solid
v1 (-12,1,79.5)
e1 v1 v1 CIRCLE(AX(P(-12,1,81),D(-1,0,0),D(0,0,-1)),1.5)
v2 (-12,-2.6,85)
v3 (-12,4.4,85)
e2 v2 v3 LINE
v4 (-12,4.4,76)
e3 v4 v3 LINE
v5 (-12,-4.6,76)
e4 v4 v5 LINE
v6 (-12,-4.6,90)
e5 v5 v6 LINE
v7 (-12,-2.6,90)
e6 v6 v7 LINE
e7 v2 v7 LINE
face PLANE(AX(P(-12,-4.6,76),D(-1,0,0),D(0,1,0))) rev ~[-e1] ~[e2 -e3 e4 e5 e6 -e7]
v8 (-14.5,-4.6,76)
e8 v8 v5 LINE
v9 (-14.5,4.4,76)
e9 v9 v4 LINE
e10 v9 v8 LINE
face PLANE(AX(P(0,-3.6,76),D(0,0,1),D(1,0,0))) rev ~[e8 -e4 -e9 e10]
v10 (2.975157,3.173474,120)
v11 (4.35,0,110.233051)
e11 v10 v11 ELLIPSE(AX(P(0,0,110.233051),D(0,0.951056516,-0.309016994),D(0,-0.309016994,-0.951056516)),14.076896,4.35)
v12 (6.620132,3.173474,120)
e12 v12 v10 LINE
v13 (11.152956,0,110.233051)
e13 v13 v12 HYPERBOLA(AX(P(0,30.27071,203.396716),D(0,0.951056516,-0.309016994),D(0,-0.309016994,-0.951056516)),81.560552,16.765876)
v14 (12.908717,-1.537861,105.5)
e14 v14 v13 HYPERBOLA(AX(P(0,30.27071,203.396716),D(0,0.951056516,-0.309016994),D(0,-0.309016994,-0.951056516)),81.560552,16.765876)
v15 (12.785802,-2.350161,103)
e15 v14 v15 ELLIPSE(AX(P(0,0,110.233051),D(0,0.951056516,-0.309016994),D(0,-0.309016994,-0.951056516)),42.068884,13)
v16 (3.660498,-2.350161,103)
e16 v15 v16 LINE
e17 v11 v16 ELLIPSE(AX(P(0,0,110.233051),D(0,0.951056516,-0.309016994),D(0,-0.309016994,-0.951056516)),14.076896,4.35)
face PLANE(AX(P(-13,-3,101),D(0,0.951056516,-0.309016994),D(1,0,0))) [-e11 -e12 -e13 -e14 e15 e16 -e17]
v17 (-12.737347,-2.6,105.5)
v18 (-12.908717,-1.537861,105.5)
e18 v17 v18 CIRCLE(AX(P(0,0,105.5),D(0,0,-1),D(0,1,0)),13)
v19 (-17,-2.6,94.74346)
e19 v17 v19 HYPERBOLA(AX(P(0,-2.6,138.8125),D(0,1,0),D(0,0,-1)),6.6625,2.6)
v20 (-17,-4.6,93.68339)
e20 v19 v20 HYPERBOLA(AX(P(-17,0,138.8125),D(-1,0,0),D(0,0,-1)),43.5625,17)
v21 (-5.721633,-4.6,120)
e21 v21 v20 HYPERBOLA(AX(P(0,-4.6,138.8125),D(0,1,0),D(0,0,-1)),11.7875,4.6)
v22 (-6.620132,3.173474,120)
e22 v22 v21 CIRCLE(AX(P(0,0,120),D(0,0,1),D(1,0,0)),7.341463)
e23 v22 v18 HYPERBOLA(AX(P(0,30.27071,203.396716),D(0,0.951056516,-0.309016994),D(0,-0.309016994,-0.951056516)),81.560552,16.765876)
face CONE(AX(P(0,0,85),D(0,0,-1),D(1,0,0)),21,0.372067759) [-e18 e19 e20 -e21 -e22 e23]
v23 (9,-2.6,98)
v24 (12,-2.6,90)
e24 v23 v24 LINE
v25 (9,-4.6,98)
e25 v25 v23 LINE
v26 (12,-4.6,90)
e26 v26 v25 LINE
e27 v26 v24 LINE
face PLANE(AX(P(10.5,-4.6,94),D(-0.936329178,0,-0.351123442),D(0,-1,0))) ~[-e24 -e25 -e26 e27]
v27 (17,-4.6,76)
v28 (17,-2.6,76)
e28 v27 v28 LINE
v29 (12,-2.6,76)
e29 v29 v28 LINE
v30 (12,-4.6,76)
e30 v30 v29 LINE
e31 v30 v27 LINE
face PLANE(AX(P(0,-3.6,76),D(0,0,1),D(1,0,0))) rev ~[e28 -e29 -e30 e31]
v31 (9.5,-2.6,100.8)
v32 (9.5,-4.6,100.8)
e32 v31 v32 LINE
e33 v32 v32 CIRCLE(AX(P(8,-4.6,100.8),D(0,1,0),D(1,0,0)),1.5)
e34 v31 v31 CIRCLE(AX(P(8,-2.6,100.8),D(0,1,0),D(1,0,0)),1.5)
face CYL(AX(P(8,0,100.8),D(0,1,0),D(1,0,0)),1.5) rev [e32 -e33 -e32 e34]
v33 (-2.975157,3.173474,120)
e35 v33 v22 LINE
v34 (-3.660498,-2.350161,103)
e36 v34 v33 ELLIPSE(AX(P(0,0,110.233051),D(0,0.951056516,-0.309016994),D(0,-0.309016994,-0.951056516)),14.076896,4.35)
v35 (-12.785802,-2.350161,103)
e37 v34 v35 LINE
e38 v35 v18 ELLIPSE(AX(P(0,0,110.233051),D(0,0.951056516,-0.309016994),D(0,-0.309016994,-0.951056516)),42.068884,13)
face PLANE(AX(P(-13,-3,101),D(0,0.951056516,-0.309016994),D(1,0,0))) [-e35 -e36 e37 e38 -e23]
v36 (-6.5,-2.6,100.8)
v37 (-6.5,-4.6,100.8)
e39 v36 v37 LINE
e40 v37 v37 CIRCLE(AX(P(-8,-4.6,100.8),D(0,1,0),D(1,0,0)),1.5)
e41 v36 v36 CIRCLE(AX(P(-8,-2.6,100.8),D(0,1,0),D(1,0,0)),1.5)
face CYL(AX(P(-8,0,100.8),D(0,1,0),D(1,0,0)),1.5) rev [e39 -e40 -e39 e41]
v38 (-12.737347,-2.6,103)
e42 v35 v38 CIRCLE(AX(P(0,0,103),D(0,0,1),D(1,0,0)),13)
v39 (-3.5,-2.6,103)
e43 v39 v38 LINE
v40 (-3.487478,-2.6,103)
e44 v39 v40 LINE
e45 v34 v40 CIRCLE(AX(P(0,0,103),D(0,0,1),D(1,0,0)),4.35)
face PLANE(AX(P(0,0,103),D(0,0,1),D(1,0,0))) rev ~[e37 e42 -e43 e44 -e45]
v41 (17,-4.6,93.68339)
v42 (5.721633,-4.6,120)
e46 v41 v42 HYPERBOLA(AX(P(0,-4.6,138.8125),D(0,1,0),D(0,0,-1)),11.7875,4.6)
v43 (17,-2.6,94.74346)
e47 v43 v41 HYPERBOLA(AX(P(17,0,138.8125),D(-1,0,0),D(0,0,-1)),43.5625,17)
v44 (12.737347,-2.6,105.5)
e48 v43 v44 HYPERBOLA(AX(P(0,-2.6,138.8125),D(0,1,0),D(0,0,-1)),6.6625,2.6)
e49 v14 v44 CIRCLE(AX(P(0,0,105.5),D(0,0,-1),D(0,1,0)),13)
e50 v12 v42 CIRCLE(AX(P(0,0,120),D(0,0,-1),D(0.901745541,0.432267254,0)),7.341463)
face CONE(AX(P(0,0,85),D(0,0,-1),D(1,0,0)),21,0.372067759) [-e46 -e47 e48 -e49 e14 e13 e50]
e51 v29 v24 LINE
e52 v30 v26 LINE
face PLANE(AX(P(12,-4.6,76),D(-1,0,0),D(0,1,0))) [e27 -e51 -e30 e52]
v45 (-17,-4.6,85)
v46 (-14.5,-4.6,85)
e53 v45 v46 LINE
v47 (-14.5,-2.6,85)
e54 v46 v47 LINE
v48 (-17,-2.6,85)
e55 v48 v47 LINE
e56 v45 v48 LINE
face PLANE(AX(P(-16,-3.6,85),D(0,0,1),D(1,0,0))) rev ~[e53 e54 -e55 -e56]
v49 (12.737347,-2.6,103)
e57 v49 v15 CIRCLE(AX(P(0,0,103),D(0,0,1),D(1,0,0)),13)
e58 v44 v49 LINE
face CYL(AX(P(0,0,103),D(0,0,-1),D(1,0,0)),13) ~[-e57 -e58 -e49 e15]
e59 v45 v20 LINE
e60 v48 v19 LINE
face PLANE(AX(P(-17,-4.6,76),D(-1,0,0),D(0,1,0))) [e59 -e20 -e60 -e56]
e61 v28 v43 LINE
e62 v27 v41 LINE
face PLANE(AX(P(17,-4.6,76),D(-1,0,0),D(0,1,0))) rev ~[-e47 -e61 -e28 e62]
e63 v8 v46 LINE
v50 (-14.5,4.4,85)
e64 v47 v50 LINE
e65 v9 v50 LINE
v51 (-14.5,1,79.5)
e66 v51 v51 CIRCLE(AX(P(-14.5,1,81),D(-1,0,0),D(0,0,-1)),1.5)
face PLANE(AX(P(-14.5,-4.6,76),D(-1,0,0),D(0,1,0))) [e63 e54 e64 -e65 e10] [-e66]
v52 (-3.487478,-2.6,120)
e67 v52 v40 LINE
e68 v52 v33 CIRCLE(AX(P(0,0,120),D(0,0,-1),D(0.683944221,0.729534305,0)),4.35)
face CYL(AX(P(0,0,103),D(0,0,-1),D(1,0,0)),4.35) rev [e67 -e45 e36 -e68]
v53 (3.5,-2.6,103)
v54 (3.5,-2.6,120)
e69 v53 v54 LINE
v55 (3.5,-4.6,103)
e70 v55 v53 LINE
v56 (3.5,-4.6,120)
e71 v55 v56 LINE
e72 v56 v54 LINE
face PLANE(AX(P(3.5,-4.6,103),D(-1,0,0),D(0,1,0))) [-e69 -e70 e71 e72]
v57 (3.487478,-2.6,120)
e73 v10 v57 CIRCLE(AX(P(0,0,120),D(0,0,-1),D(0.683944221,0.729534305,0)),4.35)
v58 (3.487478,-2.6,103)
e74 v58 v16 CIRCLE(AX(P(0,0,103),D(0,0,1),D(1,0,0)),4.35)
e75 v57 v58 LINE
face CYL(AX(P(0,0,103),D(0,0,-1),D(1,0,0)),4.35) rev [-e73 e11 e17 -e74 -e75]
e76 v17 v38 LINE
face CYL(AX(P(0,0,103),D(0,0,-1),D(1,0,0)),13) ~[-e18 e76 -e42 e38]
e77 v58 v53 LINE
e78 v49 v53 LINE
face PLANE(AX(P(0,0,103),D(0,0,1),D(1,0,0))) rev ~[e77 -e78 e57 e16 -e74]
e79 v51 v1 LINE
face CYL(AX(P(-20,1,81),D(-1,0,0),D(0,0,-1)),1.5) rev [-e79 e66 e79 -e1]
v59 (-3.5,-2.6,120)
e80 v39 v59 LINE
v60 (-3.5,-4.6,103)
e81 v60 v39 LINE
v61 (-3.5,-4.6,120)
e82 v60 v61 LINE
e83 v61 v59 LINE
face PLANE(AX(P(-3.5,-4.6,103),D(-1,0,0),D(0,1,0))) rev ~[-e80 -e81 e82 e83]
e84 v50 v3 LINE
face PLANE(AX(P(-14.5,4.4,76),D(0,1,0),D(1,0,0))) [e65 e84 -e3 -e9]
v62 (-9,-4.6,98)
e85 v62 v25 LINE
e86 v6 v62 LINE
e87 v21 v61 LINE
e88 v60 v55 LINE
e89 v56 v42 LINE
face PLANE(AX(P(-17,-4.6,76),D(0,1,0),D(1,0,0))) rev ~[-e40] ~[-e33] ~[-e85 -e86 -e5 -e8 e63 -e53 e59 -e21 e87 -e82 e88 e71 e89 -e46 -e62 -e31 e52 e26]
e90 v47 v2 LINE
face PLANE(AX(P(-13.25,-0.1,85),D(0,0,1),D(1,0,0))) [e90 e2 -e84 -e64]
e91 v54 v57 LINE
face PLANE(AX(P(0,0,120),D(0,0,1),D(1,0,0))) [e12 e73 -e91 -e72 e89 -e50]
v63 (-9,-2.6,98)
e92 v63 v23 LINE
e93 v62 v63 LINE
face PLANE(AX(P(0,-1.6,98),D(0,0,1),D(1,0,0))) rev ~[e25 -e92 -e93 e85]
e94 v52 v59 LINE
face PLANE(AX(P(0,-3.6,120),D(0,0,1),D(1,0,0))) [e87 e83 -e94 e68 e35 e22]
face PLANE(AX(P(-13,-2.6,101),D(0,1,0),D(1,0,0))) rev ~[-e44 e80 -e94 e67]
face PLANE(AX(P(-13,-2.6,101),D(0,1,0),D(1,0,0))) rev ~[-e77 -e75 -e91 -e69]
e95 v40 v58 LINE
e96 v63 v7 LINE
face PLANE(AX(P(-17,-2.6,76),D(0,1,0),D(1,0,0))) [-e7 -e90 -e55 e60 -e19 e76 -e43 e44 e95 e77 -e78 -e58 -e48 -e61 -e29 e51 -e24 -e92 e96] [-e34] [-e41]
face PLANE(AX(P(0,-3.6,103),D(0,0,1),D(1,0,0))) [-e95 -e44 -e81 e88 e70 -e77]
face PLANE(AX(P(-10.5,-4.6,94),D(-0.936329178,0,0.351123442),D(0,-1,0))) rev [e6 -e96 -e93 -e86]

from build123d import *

# Parameters (mm, degrees)
CYLINDER399_R          = 21
CYLINDER399_DEPTH      = 9
BOX330_W               = 26
BOX330_H               = 12
BOX330_DEPTH           = 20
BOX331_W               = 26
BOX331_H               = 15
BOX331_DEPTH           = 25
BOX331_PLACEMENT_ANGLE = 18
CYLINDER407_R          = 4.35
CYLINDER407_DEPTH      = 17
CYLINDER406_R          = 13
CYLINDER406_DEPTH      = 17
CYLINDER403_R          = 1.5
CYLINDER403_DEPTH      = 10
BOX329_W               = 2.5
BOX329_H               = 9
BOX329_DEPTH           = 9
BOX317_W               = 7
BOX317_H               = 2
BOX317_DEPTH           = 17
CYLINDER401_R          = 1.5
CYLINDER401_DEPTH      = 5
CYLINDER397_R          = 1.5
CYLINDER397_DEPTH      = 5
BOX316_W               = 3
BOX316_H               = 2
BOX316_DEPTH           = 9
BOX322_W               = 24
BOX322_H               = 6
BOX322_DEPTH           = 22
CHAMFER_1_SIZE2        = 3
CHAMFER_1_SIZE         = 8
CHAMFER_2_SIZE2        = 3
CHAMFER_2_SIZE         = 8
BOX324_W               = 34
BOX324_H               = 2
BOX324_DEPTH           = 44


with BuildPart() as cone005:
    # Cone004 → Cone004 (revolve)
    with BuildSketch(Plane(origin=(0, 0, 85), x_dir=(1, 0, 0), z_dir=(0, -1, 0))):
        Polygon((0, 0), (21, 0), (5, 41), (0, 41), align=None)
    revolve(axis=Axis((0, 0, 85), (0, 0, 1)))


with BuildPart() as fusion077:
    # Cylinder399 → Cylinder399 (new body)
    with BuildSketch(Plane.XY.offset(76)):
        Circle(CYLINDER399_R)
    extrude(amount=CYLINDER399_DEPTH)

    # Fusion077: union Cone005
    add(cone005.part)


with BuildPart() as cube306:
    # Box330 → Box330 (new body)
    with BuildSketch(Plane(origin=(-13, -14.6, 101), x_dir=(1, 0, 0), z_dir=(0, 0, 1))):
        with Locations((13, 6)):
            Rectangle(BOX330_W, BOX330_H)
    extrude(amount=BOX330_DEPTH)


with BuildPart() as cube307:
    # Box331 → Box331 (new body)
    with BuildSketch(Plane.XY):
        with Locations((13, 7.5)):
            Rectangle(BOX331_W, BOX331_H)
    extrude(amount=BOX331_DEPTH)


with BuildPart() as cube307_1:
    # Box331 placement: moved
    add(cube307.part.moved(Location((-13, -3, 101))).rotate(Axis((-13, -3, 101), (-1, 0, 0)), BOX331_PLACEMENT_ANGLE))


with BuildPart() as cylinder407:
    # Cylinder407 → Cylinder407 (new body)
    with BuildSketch(Plane.XY.offset(103)):
        Circle(CYLINDER407_R)
    extrude(amount=CYLINDER407_DEPTH)


with BuildPart() as antenna_support_carrier:
    # Cylinder406 → Cylinder406 (new body)
    with BuildSketch(Plane.XY.offset(103)):
        Circle(CYLINDER406_R)
    extrude(amount=CYLINDER406_DEPTH)

    # Cut220: cut Cylinder407
    add(cylinder407.part, mode=Mode.SUBTRACT)

    # Cut221: cut Cube307
    add(cube307_1.part, mode=Mode.SUBTRACT)

    # Cut216: cut Cube306
    add(cube306.part, mode=Mode.SUBTRACT)


with BuildPart() as cylinder403:
    # Cylinder403 → Cylinder403 (new body)
    with BuildSketch(Plane(origin=(-20, 1, 72), x_dir=(0, 0, -1), z_dir=(1, 0, 0))):
        Circle(CYLINDER403_R)
    extrude(amount=CYLINDER403_DEPTH)


with BuildPart() as cut223:
    # Box329 → Box329 (new body)
    with BuildSketch(Plane(origin=(-14.5, -4.6, 67), x_dir=(1, 0, 0), z_dir=(0, 0, 1))):
        with Locations((1.25, 4.5)):
            Rectangle(BOX329_W, BOX329_H)
    extrude(amount=BOX329_DEPTH)

    # Cut223: cut Cylinder403
    add(cylinder403.part, mode=Mode.SUBTRACT)


with BuildPart() as cut223_1:
    # Cut223 placement: moved
    add(cut223.part.moved(Location((0, 0, 9))))


with BuildPart() as cube293:
    # Box317 → Box317 (new body)
    with BuildSketch(Plane(origin=(-3.5, -4.6, 103), x_dir=(1, 0, 0), z_dir=(0, 0, 1))):
        with Locations((3.5, 1)):
            Rectangle(BOX317_W, BOX317_H)
    extrude(amount=BOX317_DEPTH)


with BuildPart() as cylinder401:
    # Cylinder401 → Cylinder401 (new body)
    with BuildSketch(Plane(origin=(-8, 0, 100.8), x_dir=(1, 0, 0), z_dir=(0, -1, 0))):
        Circle(CYLINDER401_R)
    extrude(amount=CYLINDER401_DEPTH)


with BuildPart() as screwholes002:
    # Cylinder397 → Cylinder397 (new body)
    with BuildSketch(Plane(origin=(8, 0, 100.8), x_dir=(1, 0, 0), z_dir=(0, -1, 0))):
        Circle(CYLINDER397_R)
    extrude(amount=CYLINDER397_DEPTH)

    # Compound200: union Cylinder401
    add(cylinder401.part)


with BuildPart() as cube292:
    # Box316 → Box316 (new body)
    with BuildSketch(Plane(origin=(-17.5, -4.6, 76), x_dir=(1, 0, 0), z_dir=(0, 0, 1))):
        with Locations((1.5, 1)):
            Rectangle(BOX316_W, BOX316_H)
    extrude(amount=BOX316_DEPTH)


with BuildPart() as cut_outs001:
    # Box322 → Box322 (new body)
    with BuildSketch(Plane(origin=(-12, -4.6, 76), x_dir=(1, 0, 0), z_dir=(0, 0, 1))):
        with Locations((12, 3)):
            Rectangle(BOX322_W, BOX322_H)
    extrude(amount=BOX322_DEPTH)

    # Chamfer 1
    chamfer_1_edges = [cut_outs001.edges().sort_by_distance(p)[0] for p in [
        (12, -1.6, 98),
    ]]
    chamfer_1_side = cut_outs001.faces().sort_by_distance((12, -1.6, 87))[0]
    chamfer(chamfer_1_edges, length=CHAMFER_1_SIZE, length2=CHAMFER_1_SIZE2, reference=chamfer_1_side)

    # Chamfer 2
    chamfer_2_edges = [cut_outs001.edges().sort_by_distance(p)[0] for p in [
        (-12, -1.6, 98),
    ]]
    chamfer_2_side = cut_outs001.faces().sort_by_distance((-12, -1.6, 87))[0]
    chamfer(chamfer_2_edges, length=CHAMFER_2_SIZE, length2=CHAMFER_2_SIZE2, reference=chamfer_2_side)

    # Fusion085: union Cube293, Screwholes002, Cube292
    add(cube293.part)
    add(screwholes002.part)
    add(cube292.part)


with BuildPart() as support_mpu6050:
    # Box324 → Box324 (new body)
    with BuildSketch(Plane(origin=(-17, -4.6, 76), x_dir=(1, 0, 0), z_dir=(0, 0, 1))):
        with Locations((17, 1)):
            Rectangle(BOX324_W, BOX324_H)
    extrude(amount=BOX324_DEPTH)

    # Cut225: cut cut-outs001
    add(cut_outs001.part, mode=Mode.SUBTRACT)

    # Fusion086: union Antenna support carrier, Cut223
    add(antenna_support_carrier.part)
    add(cut223_1.part)

    # Common006: intersect Fusion077
    add(fusion077.part, mode=Mode.INTERSECT)


solid = support_mpu6050.part
